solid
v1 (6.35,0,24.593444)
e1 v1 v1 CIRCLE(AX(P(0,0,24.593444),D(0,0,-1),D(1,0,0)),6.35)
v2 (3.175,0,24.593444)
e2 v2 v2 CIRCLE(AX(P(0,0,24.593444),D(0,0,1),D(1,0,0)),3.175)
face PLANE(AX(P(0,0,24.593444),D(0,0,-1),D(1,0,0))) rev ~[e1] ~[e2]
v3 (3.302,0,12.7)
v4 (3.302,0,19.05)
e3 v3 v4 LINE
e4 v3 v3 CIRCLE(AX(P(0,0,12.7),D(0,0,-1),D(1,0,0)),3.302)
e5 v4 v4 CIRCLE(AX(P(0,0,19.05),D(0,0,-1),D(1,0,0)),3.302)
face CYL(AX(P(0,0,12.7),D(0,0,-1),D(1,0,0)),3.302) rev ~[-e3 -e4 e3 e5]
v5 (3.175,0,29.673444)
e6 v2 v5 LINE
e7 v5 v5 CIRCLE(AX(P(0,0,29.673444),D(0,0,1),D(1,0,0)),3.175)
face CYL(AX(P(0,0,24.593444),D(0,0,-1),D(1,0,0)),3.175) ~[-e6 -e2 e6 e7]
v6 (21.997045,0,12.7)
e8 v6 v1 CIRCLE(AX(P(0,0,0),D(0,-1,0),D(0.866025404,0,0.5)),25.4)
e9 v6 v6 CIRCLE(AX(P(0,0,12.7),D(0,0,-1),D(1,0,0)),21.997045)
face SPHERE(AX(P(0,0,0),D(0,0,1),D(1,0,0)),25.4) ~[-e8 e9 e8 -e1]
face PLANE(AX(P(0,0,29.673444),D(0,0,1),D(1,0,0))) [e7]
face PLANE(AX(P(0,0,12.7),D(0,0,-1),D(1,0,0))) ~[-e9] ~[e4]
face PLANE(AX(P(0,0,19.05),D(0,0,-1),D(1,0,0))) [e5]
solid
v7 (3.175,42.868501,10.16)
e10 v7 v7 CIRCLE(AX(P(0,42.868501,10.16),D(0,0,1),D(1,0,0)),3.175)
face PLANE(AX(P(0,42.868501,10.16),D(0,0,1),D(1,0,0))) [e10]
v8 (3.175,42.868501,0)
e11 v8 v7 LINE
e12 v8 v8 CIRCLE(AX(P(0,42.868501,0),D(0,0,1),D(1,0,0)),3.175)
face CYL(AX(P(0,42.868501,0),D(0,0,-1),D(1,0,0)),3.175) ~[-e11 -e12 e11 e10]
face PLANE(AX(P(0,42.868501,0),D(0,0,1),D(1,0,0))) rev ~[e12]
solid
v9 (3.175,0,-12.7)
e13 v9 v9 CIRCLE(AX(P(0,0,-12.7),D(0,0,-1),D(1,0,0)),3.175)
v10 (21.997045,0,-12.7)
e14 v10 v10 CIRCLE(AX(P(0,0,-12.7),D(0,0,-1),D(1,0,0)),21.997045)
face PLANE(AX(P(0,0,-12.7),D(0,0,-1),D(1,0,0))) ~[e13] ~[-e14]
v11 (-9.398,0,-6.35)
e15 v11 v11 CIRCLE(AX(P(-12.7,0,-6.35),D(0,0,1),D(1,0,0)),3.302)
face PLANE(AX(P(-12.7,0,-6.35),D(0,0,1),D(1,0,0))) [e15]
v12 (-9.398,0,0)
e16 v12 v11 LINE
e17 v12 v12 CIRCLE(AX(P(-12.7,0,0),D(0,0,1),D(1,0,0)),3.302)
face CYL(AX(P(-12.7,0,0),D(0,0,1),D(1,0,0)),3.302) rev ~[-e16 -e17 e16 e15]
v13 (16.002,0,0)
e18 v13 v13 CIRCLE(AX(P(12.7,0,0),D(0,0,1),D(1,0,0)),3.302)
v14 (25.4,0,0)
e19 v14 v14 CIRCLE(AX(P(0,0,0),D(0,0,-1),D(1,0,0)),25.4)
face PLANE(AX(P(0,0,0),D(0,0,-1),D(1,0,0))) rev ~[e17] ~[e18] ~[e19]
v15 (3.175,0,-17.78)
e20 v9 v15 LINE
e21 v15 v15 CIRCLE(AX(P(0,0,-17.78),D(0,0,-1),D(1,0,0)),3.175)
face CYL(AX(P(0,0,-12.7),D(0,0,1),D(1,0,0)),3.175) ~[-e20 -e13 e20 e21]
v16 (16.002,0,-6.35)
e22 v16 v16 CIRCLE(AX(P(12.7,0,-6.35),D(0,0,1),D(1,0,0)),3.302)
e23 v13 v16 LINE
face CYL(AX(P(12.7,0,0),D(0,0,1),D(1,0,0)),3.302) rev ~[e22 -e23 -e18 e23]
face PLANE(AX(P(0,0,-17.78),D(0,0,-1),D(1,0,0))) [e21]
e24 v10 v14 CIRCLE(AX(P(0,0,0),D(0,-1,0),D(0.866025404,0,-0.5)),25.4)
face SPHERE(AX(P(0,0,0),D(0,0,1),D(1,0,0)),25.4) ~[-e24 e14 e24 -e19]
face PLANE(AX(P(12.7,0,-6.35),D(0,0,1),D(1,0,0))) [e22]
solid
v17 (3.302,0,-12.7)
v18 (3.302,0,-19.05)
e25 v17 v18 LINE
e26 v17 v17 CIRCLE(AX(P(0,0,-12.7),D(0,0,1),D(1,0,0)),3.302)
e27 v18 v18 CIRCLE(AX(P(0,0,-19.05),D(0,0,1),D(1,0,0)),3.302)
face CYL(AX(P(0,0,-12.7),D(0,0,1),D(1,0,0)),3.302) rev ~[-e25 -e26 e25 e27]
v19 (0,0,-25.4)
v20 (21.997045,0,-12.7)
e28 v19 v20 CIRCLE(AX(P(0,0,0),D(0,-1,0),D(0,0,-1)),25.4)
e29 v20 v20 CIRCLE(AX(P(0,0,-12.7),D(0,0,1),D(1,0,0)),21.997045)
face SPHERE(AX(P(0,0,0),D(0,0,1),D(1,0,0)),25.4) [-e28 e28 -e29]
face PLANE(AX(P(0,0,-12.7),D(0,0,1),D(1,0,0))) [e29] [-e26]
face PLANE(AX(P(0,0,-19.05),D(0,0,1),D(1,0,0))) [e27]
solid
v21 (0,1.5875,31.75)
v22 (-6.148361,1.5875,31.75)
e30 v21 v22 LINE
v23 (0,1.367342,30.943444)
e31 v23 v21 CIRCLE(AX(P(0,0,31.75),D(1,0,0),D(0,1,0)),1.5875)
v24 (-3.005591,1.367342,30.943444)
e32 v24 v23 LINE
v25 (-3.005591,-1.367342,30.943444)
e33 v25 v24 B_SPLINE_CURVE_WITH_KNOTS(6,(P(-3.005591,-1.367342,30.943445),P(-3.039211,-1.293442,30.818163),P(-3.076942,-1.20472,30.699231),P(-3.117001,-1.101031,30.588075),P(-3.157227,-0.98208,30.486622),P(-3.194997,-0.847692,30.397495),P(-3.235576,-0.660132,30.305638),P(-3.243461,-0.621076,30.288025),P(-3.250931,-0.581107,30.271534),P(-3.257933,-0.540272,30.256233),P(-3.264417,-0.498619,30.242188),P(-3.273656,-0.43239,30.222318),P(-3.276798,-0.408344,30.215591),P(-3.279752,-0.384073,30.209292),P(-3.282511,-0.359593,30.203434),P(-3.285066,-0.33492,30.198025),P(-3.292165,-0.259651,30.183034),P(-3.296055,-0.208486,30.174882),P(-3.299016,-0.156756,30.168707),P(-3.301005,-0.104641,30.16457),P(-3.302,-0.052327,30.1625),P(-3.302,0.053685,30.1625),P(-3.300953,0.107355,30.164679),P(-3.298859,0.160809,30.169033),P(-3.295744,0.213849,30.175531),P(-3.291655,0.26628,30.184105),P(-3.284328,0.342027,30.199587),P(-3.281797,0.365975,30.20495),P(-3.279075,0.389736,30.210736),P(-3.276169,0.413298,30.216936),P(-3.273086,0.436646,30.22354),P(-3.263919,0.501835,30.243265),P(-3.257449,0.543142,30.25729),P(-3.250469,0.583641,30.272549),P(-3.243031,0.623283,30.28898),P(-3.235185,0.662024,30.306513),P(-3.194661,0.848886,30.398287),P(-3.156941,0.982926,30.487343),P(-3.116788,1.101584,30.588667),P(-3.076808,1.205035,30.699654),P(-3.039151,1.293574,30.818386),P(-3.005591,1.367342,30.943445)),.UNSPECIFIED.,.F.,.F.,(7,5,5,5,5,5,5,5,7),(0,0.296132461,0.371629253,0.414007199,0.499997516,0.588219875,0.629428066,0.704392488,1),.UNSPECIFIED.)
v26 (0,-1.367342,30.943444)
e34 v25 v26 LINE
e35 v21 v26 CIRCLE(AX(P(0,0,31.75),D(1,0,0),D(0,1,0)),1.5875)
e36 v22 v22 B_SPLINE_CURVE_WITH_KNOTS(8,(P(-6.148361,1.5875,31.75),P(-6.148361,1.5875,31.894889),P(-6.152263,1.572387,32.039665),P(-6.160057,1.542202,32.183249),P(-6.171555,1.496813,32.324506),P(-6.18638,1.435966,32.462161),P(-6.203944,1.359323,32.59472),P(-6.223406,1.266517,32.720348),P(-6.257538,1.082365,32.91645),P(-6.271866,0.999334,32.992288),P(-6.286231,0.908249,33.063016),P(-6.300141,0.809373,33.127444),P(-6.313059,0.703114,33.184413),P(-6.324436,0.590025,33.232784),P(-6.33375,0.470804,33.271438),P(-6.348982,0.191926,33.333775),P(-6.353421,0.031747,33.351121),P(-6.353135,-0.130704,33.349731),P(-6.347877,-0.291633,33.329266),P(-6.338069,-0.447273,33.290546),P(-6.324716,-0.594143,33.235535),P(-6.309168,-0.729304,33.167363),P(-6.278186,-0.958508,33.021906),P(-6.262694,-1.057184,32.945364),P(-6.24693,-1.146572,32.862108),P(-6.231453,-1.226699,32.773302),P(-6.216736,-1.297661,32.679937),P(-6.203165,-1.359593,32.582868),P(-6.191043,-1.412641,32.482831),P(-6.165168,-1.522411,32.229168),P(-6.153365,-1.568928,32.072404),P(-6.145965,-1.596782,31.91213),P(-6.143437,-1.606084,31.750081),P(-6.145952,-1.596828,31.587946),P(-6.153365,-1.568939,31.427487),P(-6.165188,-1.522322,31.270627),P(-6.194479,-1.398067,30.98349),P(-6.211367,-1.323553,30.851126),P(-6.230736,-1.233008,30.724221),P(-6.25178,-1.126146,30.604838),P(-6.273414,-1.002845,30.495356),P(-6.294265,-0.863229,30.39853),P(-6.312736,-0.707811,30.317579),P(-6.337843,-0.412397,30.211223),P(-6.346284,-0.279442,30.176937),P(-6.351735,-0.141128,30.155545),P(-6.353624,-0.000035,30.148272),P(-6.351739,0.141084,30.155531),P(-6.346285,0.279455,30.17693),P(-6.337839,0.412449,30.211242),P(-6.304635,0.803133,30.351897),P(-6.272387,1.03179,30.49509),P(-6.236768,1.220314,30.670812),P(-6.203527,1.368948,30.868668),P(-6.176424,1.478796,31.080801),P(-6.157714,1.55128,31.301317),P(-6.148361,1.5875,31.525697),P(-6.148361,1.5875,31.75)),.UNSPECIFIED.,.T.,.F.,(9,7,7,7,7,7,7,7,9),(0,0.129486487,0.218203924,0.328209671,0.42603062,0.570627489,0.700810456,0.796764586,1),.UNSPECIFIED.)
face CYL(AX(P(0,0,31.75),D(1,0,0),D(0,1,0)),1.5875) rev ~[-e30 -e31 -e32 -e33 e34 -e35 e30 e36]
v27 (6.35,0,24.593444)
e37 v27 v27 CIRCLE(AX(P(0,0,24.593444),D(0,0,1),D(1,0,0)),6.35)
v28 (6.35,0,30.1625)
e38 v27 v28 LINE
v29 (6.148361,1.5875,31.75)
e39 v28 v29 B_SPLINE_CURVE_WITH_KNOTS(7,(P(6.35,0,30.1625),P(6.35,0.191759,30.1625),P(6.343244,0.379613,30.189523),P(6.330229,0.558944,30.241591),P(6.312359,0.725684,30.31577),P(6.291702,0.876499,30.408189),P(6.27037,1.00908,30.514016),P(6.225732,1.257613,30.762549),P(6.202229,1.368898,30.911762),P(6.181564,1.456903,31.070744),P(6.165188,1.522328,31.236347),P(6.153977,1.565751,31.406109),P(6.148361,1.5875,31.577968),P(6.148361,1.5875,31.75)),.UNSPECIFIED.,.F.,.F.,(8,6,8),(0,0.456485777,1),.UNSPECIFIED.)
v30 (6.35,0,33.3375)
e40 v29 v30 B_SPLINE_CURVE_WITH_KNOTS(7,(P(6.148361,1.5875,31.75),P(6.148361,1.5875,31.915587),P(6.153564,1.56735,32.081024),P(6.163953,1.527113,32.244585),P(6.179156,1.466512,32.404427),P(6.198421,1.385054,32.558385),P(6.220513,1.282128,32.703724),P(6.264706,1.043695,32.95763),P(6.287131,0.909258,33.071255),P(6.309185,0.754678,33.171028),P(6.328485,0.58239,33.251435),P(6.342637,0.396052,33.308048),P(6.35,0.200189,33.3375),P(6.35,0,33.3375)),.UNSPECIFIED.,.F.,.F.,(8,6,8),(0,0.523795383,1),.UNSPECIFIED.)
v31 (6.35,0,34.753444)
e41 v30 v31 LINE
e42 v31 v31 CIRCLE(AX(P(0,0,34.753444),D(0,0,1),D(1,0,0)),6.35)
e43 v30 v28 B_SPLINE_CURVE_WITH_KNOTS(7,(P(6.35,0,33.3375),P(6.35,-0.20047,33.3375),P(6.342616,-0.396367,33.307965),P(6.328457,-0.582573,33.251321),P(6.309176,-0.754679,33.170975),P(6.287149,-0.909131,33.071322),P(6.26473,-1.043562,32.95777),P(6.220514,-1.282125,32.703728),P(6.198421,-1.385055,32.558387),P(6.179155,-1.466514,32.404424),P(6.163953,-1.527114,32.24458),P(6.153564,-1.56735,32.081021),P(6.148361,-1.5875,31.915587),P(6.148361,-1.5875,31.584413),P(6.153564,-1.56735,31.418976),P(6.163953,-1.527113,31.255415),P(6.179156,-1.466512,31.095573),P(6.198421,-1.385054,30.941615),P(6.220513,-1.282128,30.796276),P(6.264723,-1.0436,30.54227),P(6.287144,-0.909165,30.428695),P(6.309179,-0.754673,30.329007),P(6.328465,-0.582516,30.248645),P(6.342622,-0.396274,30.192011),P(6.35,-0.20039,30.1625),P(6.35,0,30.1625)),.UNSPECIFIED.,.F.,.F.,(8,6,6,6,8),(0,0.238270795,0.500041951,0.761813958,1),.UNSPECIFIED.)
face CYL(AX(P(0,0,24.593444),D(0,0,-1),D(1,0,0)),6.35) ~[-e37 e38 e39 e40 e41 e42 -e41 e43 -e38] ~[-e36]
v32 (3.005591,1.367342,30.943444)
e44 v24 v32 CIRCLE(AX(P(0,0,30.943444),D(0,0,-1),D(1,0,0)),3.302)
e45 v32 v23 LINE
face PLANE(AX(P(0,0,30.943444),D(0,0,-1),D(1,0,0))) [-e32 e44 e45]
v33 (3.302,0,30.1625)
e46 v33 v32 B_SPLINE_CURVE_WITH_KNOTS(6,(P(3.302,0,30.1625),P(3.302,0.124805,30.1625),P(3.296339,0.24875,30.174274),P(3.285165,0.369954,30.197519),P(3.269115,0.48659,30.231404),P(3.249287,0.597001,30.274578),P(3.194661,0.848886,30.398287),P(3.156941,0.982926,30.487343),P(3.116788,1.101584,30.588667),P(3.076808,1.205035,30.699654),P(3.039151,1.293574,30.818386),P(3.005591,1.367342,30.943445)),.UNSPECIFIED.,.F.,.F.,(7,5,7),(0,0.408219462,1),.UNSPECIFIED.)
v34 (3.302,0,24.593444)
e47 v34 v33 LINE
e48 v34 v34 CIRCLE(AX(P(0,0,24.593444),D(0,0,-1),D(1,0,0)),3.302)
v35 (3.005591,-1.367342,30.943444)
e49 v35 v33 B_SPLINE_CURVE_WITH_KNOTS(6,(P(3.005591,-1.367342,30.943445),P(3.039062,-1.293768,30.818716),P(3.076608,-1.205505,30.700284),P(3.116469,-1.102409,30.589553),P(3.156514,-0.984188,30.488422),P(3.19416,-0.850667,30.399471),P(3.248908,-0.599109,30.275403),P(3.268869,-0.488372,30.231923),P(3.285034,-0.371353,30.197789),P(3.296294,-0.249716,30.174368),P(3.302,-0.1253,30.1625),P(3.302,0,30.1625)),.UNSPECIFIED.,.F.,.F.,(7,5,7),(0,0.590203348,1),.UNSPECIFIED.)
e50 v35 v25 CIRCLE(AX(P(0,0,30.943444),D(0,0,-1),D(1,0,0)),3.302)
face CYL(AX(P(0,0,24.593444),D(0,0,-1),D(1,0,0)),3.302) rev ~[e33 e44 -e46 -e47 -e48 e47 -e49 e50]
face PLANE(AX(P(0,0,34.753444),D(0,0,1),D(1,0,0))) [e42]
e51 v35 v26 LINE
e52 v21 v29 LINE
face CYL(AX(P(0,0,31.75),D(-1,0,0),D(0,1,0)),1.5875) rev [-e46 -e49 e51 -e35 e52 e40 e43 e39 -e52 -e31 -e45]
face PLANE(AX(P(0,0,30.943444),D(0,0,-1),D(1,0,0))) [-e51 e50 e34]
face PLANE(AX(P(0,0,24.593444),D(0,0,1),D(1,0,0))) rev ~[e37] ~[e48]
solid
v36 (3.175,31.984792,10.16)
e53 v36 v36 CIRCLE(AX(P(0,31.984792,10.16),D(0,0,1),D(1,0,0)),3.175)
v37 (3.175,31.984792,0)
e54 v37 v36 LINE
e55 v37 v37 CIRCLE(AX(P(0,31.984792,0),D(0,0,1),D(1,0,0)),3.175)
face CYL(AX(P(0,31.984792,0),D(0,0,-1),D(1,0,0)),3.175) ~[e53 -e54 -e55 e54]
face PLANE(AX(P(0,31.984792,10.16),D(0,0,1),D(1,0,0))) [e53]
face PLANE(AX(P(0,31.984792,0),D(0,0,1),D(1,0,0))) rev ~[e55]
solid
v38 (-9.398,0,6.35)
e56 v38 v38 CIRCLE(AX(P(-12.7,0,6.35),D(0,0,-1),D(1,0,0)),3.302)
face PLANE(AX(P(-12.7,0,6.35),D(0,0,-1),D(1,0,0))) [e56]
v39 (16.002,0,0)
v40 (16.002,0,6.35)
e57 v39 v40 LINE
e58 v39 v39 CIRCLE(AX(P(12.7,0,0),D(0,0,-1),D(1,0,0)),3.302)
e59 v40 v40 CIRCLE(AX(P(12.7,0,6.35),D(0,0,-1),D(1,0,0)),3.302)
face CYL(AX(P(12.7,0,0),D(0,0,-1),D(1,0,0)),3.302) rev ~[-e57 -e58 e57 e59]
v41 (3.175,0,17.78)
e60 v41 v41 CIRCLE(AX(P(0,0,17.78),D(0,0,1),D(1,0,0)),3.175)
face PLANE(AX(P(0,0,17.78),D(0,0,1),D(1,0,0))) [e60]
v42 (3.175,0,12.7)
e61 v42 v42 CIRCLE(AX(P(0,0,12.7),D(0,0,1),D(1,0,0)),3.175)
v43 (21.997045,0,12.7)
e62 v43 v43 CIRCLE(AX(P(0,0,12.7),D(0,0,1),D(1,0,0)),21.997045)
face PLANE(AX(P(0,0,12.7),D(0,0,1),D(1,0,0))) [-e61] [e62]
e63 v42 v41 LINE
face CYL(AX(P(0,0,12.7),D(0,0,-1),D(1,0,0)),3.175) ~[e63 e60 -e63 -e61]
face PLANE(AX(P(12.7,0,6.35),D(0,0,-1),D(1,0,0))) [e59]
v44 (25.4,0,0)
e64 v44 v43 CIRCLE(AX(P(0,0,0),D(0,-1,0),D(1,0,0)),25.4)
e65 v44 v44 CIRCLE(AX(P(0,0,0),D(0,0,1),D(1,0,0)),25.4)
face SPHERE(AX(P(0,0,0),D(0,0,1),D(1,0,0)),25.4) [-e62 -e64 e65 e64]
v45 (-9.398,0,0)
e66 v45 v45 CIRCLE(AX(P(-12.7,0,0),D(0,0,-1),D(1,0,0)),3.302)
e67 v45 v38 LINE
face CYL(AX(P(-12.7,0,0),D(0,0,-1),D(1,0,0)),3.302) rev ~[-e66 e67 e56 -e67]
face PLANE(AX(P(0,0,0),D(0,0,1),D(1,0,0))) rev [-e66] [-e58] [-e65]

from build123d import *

# Parameters (mm, degrees)
F8_R           = 3.175
F9_DEPTH       = 5.08
F10_R          = 6.35
F11_DEPTH      = 10.16
F12_R          = 1.5875
F13_DEPTH      = 25.4
F13_DEPTH_BACK = 25.4
F14_R          = 3.302
F15_DEPTH      = 6.35
F16_R          = 3.302
F17_DEPTH      = 6.35
F18_R          = 3.302
F19_DEPTH      = 6.35
F20_R          = 3.175
F21_DEPTH      = 5.08
F22_R          = 3.175
F23_DEPTH      = 5.08
F24_R          = 3.302
F25_DEPTH      = 6.35
F26_R          = 3.175
F27_DEPTH      = 10.16
F28_R          = 3.302
F29_DEPTH      = 6.35


with BuildPart() as f1:
    # F0 (on Front) → F1 (revolve)
    with BuildSketch(Plane.XZ):
        with BuildLine():
            Line((0, -12.7), (0, -25.4))
            ThreePointArc((0, -25.4), (12.7, -21.9970452561), (21.9970452561, -12.7))
            Line((21.9970452561, -12.7), (0, -12.7))
        make_face()
    revolve(axis=Axis((0, 0, -19.05), (0, 0, 1)))

    # F18 (on face) → F19 (cut)
    with BuildSketch(Plane.XY.offset(-12.7)):
        Circle(F18_R)
    extrude(amount=-F19_DEPTH, mode=Mode.SUBTRACT)


with BuildPart() as f3:
    # F2 (on Front) → F3 (revolve)
    with BuildSketch(Plane.XZ):
        with BuildLine():
            Line((0, -12.7), (21.9970452561, -12.7))
            ThreePointArc((21.9970452561, -12.7), (24.5345159877, -6.5740037456), (25.4, 0))
            Line((25.4, 0), (0, 0))
            Line((0, 0), (0, -12.7))
        make_face()
    revolve(axis=Axis((0, 0, -6.35), (0, 0, -1)))

    # F22 (on face) → F23 (join)
    with BuildSketch(Plane(origin=(0, 0, -12.7), x_dir=(1, 0, 0), z_dir=(0, 0, -1))):
        Circle(F22_R)
    extrude(amount=F23_DEPTH)

    # F24 (on face) → F25 (cut)
    with BuildSketch(Plane.XY):
        with Locations((12.7, 0)):
            Circle(F24_R)
        with Locations((-12.7, 0)):
            Circle(F24_R)
    extrude(amount=-F25_DEPTH, mode=Mode.SUBTRACT)


with BuildPart() as f5:
    # F4 (on Front) → F5 (revolve)
    with BuildSketch(Plane.XZ):
        with BuildLine():
            Line((0, 0), (25.4, 0))
            ThreePointArc((25.4, 0), (24.5345159877, 6.5740037456), (21.9970452561, 12.7))
            Line((21.9970452561, 12.7), (0, 12.7))
            Line((0, 12.7), (0, 0))
        make_face()
    revolve(axis=Axis((0, 0, 6.35), (0, 0, 1)))

    # F20 (on face) → F21 (join)
    with BuildSketch(Plane.XY.offset(12.7)):
        Circle(F20_R)
    extrude(amount=F21_DEPTH)

    # F28 (on face) → F29 (cut)
    with BuildSketch(Plane(origin=(0, 0, 0), x_dir=(1, 0, 0), z_dir=(0, 0, -1))):
        with Locations((-12.7, 0)):
            Circle(F28_R)
        with Locations((12.7, 0)):
            Circle(F28_R)
    extrude(amount=-F29_DEPTH, mode=Mode.SUBTRACT)


with BuildPart() as f7:
    # F6 (on Front) → F7 (revolve)
    with BuildSketch(Plane.XZ):
        with BuildLine():
            Line((0, 12.7), (21.9970452561, 12.7))
            ThreePointArc((21.9970452561, 12.7), (15.3704992668, 20.2214676097), (6.35, 24.5934442484))
            Line((6.35, 24.5934442484), (0, 24.5934442484))
            Line((0, 24.5934442484), (0, 12.7))
        make_face()
    revolve(axis=Axis((0, 0, 18.6467221242), (0, 0, -1)))

    # F8 (on face) → F9 (join)
    with BuildSketch(Plane.XY.offset(24.5934442484)):
        Circle(F8_R)
    extrude(amount=F9_DEPTH)

    # F16 (on face) → F17 (cut)
    with BuildSketch(Plane(origin=(0, 0, 12.7), x_dir=(1, 0, 0), z_dir=(0, 0, -1))):
        Circle(F16_R)
    extrude(amount=-F17_DEPTH, mode=Mode.SUBTRACT)


with BuildPart() as f11:
    # F10 (on face) → F11 (new body)
    with BuildSketch(Plane.XY.offset(24.5934442484)):
        Circle(F10_R)
    extrude(amount=F11_DEPTH)

    # F12 (on Right) → F13 (cut, two sides)
    with BuildSketch(Plane.YZ) as f13_sk:
        with Locations((0, 31.75)):
            Circle(F12_R)
    extrude(amount=-F13_DEPTH, mode=Mode.SUBTRACT)
    extrude(f13_sk.sketch, amount=F13_DEPTH_BACK, mode=Mode.SUBTRACT)

    # F14 (on face) → F15 (cut)
    with BuildSketch(Plane(origin=(0, 0, 24.5934442484), x_dir=(1, 0, 0), z_dir=(0, 0, -1))):
        Circle(F14_R)
    extrude(amount=-F15_DEPTH, mode=Mode.SUBTRACT)


with BuildPart() as f27:
    # F26 (on Top) → F27 (new body)
    with BuildSketch(Plane.XY):
        with Locations((0, 31.9847915113)):
            Circle(F26_R)
    extrude(amount=F27_DEPTH)


with BuildPart() as f27b:
    # F26 (on Top) → F27, piece 2 (new body)
    with BuildSketch(Plane.XY):
        with Locations((0, 42.8685007115)):
            Circle(F26_R)
    extrude(amount=F27_DEPTH)


solid = Compound([f1.part, f3.part, f5.part, f7.part, f11.part, f27.part, f27b.part])
